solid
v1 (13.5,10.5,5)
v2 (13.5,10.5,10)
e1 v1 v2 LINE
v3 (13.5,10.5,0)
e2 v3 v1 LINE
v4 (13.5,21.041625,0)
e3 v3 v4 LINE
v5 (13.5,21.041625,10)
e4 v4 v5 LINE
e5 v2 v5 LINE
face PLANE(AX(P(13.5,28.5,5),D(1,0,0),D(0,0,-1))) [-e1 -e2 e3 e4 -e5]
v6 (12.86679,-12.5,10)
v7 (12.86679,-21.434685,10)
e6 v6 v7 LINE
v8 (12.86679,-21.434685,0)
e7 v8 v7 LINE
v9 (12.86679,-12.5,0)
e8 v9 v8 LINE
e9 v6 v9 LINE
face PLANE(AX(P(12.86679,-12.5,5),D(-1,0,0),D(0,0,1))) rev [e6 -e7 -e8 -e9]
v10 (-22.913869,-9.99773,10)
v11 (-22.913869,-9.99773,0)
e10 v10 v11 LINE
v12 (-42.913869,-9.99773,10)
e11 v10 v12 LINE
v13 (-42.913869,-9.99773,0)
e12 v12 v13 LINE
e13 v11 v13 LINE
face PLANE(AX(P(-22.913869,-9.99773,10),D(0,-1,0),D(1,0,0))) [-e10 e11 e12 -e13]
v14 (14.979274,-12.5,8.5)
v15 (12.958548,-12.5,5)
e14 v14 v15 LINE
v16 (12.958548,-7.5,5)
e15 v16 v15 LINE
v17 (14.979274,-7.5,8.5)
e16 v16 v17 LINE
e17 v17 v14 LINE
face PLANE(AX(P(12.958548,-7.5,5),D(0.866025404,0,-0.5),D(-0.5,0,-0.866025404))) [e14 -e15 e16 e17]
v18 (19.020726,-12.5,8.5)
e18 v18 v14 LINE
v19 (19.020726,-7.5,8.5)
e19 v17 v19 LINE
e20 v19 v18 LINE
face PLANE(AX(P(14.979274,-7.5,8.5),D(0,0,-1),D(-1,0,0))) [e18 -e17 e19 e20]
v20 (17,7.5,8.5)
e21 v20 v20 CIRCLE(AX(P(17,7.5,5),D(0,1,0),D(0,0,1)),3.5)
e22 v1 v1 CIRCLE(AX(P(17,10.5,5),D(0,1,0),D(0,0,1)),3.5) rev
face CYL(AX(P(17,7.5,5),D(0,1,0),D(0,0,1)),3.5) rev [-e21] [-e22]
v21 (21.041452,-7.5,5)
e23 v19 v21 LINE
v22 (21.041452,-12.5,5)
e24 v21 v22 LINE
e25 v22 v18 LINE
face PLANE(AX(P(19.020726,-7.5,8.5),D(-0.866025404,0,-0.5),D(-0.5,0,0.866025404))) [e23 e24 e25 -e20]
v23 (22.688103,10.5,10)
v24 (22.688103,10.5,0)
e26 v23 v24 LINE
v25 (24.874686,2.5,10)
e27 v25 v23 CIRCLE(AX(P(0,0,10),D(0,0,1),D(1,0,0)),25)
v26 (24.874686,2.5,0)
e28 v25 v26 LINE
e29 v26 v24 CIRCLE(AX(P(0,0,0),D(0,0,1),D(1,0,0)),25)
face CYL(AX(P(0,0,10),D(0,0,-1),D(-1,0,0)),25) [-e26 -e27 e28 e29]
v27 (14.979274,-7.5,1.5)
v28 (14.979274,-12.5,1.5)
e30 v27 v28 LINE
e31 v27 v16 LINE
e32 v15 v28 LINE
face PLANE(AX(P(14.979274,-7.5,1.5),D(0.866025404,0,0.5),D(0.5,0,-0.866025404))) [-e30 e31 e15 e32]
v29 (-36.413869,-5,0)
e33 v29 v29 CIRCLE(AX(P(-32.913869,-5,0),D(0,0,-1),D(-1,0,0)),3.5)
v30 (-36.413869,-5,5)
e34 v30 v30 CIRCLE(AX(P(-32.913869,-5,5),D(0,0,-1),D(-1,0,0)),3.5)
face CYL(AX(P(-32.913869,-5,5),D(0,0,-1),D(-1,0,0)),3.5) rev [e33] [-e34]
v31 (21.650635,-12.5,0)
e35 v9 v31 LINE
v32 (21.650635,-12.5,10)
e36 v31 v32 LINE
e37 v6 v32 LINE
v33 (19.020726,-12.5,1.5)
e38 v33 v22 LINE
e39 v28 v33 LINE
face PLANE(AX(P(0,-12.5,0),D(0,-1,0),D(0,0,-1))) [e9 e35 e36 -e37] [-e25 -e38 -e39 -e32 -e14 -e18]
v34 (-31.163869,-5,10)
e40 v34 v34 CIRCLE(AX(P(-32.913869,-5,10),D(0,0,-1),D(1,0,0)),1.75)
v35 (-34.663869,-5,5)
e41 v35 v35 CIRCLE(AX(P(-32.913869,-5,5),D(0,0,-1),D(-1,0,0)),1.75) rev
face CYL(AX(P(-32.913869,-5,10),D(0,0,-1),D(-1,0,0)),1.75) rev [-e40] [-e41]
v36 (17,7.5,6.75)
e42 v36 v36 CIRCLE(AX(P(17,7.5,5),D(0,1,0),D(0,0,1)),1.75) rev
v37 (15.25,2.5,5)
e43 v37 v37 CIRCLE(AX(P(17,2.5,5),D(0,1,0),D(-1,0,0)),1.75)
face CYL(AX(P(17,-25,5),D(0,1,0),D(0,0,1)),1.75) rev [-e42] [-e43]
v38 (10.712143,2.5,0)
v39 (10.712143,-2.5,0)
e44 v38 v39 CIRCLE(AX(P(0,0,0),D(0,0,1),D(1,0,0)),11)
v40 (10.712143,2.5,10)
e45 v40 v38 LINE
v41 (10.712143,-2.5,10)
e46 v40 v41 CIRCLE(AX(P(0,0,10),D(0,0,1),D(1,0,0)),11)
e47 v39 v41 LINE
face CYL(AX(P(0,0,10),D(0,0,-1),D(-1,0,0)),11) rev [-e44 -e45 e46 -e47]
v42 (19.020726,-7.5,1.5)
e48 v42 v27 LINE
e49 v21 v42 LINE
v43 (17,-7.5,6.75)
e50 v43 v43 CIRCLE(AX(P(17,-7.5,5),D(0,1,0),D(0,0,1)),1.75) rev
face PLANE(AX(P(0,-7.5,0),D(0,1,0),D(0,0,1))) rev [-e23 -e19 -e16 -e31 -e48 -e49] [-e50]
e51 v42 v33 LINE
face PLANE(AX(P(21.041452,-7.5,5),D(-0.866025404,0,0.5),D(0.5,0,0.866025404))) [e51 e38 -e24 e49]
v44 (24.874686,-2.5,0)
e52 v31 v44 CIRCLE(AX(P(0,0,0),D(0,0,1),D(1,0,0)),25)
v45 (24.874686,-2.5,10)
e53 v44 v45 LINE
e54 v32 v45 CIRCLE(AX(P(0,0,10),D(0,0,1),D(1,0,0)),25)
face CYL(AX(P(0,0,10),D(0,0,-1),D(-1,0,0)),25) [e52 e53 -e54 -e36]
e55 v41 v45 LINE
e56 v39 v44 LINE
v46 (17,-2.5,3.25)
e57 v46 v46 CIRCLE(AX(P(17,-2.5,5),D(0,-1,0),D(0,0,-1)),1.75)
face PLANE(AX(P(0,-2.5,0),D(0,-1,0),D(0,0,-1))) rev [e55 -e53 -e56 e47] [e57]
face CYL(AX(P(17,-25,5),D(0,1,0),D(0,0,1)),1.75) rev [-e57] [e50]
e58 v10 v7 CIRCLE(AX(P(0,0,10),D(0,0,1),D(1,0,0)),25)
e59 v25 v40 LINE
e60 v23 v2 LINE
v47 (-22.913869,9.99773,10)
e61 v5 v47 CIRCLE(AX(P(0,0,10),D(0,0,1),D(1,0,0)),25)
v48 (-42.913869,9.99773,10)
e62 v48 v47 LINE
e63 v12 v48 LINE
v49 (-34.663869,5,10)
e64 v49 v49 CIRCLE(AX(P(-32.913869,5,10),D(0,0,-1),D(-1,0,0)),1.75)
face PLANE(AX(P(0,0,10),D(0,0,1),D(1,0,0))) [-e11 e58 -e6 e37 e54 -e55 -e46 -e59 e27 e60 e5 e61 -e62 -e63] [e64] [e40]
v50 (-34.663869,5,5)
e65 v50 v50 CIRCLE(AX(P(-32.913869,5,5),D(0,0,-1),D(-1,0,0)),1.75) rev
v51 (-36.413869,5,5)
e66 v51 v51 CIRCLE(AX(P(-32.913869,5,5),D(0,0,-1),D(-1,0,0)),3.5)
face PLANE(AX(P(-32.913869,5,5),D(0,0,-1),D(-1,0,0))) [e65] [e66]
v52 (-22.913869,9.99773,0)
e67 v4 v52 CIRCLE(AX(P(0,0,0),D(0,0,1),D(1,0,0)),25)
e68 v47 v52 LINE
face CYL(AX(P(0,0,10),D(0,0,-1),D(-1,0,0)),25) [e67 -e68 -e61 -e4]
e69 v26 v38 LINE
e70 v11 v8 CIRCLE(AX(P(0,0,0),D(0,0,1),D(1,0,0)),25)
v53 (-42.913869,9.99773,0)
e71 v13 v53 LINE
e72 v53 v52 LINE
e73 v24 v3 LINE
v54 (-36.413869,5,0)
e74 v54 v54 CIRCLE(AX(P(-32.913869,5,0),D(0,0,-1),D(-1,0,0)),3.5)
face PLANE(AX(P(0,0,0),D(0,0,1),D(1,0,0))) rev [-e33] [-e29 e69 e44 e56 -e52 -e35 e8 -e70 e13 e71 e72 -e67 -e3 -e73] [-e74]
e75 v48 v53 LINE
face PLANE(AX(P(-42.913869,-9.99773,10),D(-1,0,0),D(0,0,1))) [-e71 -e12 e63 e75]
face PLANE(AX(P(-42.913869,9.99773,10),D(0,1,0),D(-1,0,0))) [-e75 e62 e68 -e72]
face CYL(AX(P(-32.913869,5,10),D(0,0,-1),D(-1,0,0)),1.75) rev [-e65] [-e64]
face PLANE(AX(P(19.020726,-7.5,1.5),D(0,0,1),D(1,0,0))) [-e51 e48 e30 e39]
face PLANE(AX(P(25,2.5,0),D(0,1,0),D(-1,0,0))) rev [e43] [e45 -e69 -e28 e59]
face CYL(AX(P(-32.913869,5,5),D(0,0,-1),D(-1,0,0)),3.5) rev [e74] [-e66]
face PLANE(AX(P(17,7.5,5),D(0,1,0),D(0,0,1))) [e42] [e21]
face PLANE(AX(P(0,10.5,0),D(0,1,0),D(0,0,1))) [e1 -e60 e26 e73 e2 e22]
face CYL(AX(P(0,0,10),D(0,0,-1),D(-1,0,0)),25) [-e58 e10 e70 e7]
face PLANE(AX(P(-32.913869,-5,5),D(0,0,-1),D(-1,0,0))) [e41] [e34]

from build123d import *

# Parameters (mm, degrees)
SKETCH1_R                = 25
SKETCH1_R_2              = 11
BOSS_EXTRUDE1_DEPTH      = 10
CUT_EXTRUDE1_DEPTH       = 10
SKETCH5_R                = 1.75
CUT_EXTRUDE4_DEPTH       = 28.5
CUT_EXTRUDE4_DEPTH_BACK  = 23.5
CUT_EXTRUDE5_START       = 30
SKETCH6_R                = 3.5
CUT_EXTRUDE5_DEPTH       = 20
CUT_EXTRUDE6_START       = -30
CUT_EXTRUDE6_DEPTH       = 25
CUT_EXTRUDE8_START       = 20
CUT_EXTRUDE8_DEPTH       = 15
SKETCH9_W                = 20
SKETCH9_H                = 19.995459106
SKETCH9_R                = 1.75
BOSS_EXTRUDE2_DEPTH      = 10
CUT_EXTRUDE10_START      = 20
CUT_EXTRUDE10_DEPTH      = 1
CUT_EXTRUDE10_DEPTH_BACK = 17
SKETCH13_R               = 3.5
CUT_EXTRUDE11_DEPTH      = 5


with BuildPart() as part:
    # Sketch1 → Boss-Extrude1 (new body)
    with BuildSketch(Plane.XY):
        Circle(SKETCH1_R)
        Circle(SKETCH1_R_2, mode=Mode.SUBTRACT)
    extrude(amount=BOSS_EXTRUDE1_DEPTH)

    # Sketch2 → Cut-Extrude1 (cut)
    with BuildSketch(Plane.XY.offset(10)):
        Polygon((25, 0), (25, 2.5), (0, 2.5), (0, 0), (0, -2.5), (25, -2.5), align=None)
    extrude(amount=-CUT_EXTRUDE1_DEPTH, mode=Mode.SUBTRACT)

    # Sketch5 → Cut-Extrude4 (cut, two sides)
    with BuildSketch(Plane(origin=(0, -2.5, 0), x_dir=(1, 0, 0), z_dir=(0, 1, 0))) as cut_extrude4_sk:
        with Locations((17, -5)):
            Circle(SKETCH5_R)
    extrude(amount=CUT_EXTRUDE4_DEPTH, mode=Mode.SUBTRACT)
    extrude(cut_extrude4_sk.sketch, amount=-CUT_EXTRUDE4_DEPTH_BACK, mode=Mode.SUBTRACT)

    # Sketch6 → Cut-Extrude5 (cut)
    with BuildSketch(Plane(origin=(0, -2.5, 0), x_dir=(1, 0, 0), z_dir=(0, 1, 0)).offset(CUT_EXTRUDE5_START)):
        with Locations((17, -5)):
            Circle(SKETCH6_R)
    extrude(amount=-CUT_EXTRUDE5_DEPTH, mode=Mode.SUBTRACT)

    # Sketch7 → Cut-Extrude6 (cut)
    with BuildSketch(Plane(origin=(0, -2.5, 0), x_dir=(1, 0, 0), z_dir=(0, 1, 0)).offset(CUT_EXTRUDE6_START)):
        Polygon((21.041451884, -5), (19.020725942, -1.5), (14.979274058, -1.5), (12.958548116, -5), (14.979274058, -8.5), (19.020725942, -8.5), align=None)
    extrude(amount=CUT_EXTRUDE6_DEPTH, mode=Mode.SUBTRACT)

    # Sketch8 → Cut-Extrude8 (cut)
    with BuildSketch(Plane.XZ.offset(7.5).offset(CUT_EXTRUDE8_START)):
        Polygon((12.866790083, 5), (12.866790083, -1.917841475), (27.200285801, -1.917841475), (26.866413077, 13.440303847), (13.08223917, 14.012657089), (12.866790083, 14.617290025), align=None)
    extrude(amount=-CUT_EXTRUDE8_DEPTH, mode=Mode.SUBTRACT)

    # Sketch9 → Boss-Extrude2 (add)
    with BuildSketch(Plane(origin=(0, 0, 0), x_dir=(-1, 0, 0), z_dir=(0, 0, -1))):
        with Locations((32.913869245, 0)):
            Rectangle(SKETCH9_W, SKETCH9_H)
        with Locations((32.913869245, 5)):
            Circle(SKETCH9_R, mode=Mode.SUBTRACT)
        with Locations((32.913869245, -5)):
            Circle(SKETCH9_R, mode=Mode.SUBTRACT)
    extrude(amount=-BOSS_EXTRUDE2_DEPTH)

    # Sketch12 → Cut-Extrude10 (cut, two sides)
    with BuildSketch(Plane(origin=(0, 7.5, 0), x_dir=(1, 0, 0), z_dir=(0, 1, 0)).offset(CUT_EXTRUDE10_START)) as cut_extrude10_sk:
        Polygon((13.5, -5), (13.5, -13.927186896), (27.549462707, -13.927186896), (27.549462707, 2.179730433), (13.5, 2.179730433), align=None)
    extrude(amount=CUT_EXTRUDE10_DEPTH, mode=Mode.SUBTRACT)
    extrude(cut_extrude10_sk.sketch, amount=-CUT_EXTRUDE10_DEPTH_BACK, mode=Mode.SUBTRACT)

    # Sketch13 → Cut-Extrude11 (cut)
    with BuildSketch(Plane(origin=(0, 0, 0), x_dir=(-1, 0, 0), z_dir=(0, 0, -1))):
        with Locations((32.913869245, 5)):
            Circle(SKETCH13_R)
        with Locations((32.913869245, -5)):
            Circle(SKETCH13_R)
    extrude(amount=-CUT_EXTRUDE11_DEPTH, mode=Mode.SUBTRACT)


solid = part.part
